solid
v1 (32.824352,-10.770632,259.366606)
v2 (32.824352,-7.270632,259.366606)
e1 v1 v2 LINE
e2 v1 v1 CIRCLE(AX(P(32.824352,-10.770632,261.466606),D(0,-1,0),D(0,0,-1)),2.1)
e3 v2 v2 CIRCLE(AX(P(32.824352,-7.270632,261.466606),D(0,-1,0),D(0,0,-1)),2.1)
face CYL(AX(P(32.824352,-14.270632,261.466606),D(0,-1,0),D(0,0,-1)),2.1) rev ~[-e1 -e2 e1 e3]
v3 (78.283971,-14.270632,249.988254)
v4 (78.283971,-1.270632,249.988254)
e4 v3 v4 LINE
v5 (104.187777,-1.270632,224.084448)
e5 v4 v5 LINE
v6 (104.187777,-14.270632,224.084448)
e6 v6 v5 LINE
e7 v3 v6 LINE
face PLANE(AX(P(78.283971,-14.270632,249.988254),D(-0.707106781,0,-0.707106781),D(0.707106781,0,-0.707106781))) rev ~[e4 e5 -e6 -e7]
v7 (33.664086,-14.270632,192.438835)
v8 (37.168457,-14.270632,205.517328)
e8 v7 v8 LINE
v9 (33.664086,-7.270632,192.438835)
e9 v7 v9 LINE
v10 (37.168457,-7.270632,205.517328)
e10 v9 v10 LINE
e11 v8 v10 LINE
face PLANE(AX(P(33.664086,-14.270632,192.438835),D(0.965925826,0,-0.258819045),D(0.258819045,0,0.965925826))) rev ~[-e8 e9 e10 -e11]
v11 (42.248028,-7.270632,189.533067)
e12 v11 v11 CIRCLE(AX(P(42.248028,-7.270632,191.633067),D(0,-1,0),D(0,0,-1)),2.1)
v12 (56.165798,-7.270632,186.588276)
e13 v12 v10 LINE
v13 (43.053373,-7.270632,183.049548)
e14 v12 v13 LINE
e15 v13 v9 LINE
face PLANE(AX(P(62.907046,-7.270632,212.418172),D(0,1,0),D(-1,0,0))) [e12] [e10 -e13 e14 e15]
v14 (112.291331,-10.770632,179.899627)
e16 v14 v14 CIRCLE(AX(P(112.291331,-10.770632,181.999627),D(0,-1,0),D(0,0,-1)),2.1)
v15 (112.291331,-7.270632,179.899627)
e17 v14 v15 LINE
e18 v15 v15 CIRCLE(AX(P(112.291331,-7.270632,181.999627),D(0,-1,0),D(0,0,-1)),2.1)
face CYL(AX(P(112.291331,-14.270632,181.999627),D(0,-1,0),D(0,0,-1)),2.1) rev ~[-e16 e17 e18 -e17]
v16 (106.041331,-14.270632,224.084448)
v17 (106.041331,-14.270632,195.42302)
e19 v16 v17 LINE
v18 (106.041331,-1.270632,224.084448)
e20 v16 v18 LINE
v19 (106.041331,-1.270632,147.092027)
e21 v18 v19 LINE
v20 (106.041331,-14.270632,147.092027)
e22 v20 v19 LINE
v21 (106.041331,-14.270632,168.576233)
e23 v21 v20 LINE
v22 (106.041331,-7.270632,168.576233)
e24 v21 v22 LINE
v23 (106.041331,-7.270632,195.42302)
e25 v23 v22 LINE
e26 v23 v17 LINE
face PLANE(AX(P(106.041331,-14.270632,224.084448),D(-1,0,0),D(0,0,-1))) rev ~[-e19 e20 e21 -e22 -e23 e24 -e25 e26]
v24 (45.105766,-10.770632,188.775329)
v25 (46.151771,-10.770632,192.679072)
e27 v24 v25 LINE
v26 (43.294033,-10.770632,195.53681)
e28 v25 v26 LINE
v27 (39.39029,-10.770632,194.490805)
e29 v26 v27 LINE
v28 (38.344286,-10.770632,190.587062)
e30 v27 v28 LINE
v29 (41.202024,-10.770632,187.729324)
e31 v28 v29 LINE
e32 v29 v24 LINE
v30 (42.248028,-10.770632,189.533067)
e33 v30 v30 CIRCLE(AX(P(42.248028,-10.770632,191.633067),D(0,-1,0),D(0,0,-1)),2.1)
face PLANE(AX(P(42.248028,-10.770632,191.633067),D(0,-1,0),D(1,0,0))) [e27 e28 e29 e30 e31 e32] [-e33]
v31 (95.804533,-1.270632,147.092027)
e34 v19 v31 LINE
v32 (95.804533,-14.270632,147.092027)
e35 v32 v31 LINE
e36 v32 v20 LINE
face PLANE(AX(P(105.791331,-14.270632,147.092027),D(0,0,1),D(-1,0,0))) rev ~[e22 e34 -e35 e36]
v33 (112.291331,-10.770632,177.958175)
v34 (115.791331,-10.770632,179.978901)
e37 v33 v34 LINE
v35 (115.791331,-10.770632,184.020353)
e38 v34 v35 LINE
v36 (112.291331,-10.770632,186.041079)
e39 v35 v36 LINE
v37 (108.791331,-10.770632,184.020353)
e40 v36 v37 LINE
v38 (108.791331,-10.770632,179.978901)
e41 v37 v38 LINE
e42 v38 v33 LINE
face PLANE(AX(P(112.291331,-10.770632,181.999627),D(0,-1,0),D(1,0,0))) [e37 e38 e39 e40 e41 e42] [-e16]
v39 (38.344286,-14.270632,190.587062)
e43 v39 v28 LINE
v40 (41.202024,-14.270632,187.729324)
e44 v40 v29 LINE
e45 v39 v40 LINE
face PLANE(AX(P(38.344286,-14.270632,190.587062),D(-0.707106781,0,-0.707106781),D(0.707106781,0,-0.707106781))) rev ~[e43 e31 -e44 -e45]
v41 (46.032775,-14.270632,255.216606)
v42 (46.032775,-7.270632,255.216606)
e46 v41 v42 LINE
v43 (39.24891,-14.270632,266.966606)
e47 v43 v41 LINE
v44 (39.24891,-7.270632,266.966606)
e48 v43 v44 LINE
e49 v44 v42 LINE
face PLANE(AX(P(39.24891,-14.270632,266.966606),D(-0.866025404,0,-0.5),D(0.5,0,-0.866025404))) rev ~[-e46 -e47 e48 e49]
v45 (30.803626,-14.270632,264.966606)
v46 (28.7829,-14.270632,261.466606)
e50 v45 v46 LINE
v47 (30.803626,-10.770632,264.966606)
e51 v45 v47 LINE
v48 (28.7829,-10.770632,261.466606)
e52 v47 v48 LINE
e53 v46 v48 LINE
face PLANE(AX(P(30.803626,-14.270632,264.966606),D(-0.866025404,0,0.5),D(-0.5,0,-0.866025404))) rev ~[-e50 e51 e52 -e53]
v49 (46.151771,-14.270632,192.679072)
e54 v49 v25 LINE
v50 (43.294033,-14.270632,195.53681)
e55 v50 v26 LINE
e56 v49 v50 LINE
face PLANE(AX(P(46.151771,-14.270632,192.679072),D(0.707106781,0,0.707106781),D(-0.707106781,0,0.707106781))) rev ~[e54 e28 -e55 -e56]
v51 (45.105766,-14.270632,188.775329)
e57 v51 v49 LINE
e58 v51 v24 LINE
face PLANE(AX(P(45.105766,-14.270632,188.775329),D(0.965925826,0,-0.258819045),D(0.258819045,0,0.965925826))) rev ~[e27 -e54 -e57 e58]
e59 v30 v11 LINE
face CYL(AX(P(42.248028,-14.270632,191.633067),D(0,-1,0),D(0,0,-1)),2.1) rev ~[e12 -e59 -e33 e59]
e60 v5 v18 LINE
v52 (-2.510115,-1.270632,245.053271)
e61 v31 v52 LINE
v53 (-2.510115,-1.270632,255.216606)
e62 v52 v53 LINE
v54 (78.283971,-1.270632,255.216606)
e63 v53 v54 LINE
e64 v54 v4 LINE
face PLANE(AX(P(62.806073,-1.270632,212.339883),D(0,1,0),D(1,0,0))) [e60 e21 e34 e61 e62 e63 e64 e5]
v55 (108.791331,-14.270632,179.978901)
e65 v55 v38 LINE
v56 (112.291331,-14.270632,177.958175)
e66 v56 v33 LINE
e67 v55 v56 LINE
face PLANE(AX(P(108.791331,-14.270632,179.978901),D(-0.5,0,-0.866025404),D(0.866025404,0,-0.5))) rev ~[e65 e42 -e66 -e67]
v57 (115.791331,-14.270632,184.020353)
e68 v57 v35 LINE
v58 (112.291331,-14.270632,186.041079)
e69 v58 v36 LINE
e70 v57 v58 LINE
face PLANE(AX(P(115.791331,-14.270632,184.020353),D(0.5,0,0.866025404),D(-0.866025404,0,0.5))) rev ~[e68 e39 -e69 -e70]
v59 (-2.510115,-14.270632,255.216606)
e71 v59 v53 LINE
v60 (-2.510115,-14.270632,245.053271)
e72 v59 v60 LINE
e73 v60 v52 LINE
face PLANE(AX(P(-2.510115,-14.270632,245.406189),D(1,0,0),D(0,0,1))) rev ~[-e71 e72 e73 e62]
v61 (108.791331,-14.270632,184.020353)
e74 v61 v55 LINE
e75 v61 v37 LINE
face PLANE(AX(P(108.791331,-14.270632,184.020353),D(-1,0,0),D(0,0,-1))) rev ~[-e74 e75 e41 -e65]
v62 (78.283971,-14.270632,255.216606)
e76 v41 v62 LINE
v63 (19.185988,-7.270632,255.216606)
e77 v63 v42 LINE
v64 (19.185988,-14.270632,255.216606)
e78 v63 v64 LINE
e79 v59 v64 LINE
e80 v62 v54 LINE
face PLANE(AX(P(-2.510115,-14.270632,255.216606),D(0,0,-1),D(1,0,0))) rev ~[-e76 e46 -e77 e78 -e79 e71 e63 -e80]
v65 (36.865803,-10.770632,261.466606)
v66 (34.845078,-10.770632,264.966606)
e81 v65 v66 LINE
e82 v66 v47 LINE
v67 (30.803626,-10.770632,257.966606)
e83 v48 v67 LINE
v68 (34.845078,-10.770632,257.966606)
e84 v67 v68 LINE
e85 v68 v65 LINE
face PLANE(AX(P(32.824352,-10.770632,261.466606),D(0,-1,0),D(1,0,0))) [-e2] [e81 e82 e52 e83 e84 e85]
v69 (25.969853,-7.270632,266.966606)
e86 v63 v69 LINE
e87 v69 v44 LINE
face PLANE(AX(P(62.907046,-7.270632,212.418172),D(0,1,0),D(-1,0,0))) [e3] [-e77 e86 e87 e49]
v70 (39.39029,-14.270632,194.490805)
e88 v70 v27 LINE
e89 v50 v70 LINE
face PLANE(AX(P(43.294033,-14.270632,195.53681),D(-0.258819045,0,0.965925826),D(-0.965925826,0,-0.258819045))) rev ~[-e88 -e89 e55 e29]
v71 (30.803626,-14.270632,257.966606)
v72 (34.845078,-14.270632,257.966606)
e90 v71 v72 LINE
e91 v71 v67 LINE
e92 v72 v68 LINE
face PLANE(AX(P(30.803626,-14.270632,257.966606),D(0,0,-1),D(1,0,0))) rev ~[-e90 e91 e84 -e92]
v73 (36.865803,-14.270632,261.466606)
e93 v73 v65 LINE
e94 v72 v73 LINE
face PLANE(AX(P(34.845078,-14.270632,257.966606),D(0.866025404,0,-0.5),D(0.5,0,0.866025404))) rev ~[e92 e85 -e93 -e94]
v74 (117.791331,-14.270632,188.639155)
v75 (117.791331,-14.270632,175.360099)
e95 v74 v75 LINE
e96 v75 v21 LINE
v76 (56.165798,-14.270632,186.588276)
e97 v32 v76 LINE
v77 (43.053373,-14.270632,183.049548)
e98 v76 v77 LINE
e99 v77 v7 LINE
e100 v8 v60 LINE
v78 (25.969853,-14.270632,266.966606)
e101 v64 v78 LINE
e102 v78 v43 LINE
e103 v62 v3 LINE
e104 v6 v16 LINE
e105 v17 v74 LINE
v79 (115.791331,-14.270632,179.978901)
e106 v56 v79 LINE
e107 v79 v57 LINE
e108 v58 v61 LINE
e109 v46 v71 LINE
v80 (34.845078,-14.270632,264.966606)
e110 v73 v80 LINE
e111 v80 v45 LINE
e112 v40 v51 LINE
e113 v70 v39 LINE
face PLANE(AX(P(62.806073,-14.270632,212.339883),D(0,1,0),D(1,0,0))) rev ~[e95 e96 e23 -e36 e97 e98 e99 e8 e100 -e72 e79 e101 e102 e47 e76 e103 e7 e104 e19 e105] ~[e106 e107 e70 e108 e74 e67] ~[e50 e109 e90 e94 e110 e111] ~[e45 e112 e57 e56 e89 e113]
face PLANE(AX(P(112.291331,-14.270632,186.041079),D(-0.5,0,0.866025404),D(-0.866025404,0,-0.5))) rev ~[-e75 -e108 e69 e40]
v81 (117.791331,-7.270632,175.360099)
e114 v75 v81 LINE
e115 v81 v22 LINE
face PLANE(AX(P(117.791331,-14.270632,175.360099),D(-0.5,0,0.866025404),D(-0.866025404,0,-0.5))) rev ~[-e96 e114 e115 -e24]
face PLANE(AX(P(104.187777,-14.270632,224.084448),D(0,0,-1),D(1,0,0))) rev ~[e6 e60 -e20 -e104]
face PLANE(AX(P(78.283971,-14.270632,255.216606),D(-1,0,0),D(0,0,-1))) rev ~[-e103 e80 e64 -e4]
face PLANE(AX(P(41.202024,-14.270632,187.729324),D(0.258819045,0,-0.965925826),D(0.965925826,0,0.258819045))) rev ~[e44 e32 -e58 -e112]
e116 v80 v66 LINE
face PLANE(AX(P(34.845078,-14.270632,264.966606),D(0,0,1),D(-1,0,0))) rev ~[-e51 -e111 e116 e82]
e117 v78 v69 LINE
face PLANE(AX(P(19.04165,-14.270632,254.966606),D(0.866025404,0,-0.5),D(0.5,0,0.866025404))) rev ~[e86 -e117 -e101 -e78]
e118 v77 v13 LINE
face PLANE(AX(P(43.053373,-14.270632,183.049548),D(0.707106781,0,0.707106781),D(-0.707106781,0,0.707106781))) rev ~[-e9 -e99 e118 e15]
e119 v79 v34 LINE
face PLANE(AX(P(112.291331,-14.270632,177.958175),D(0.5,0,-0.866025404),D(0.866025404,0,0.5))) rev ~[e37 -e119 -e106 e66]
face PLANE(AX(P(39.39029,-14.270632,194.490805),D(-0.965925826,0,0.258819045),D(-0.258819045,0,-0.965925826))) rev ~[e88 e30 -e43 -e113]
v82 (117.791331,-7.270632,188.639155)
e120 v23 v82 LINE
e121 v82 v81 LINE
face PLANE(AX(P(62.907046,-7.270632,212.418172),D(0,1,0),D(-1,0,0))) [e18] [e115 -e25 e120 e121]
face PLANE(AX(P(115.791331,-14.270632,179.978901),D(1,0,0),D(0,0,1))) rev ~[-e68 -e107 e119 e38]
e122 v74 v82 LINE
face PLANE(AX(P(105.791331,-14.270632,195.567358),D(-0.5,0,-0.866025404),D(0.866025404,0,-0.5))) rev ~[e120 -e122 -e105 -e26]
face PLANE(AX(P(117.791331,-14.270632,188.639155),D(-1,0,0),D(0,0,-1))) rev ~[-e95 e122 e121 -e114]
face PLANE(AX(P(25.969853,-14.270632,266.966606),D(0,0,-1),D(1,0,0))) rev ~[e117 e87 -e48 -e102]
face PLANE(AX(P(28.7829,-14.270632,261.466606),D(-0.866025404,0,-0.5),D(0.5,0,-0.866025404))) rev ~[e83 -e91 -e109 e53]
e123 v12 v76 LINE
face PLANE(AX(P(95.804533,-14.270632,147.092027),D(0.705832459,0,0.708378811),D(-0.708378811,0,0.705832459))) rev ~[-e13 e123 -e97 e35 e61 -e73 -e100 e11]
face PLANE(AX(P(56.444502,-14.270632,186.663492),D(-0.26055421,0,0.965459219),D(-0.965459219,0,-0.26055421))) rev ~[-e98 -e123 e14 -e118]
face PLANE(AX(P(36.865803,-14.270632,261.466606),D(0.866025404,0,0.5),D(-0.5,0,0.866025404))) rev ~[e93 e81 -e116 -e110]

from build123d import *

# Parameters (mm, degrees)
BOSS_EXTRUDE1_DEPTH = 13
BOSS_EXTRUDE2_DEPTH = 7
SKETCH3_R           = 2.1
CUT_EXTRUDE1_DEPTH  = 293.087257838
CUT_EXTRUDE2_DEPTH  = 3.5


with BuildPart() as part:
    # Sketch1 → Boss-Extrude1 (new body)
    with BuildSketch(Plane(origin=(0, -14.270631866, 0), x_dir=(-1, 0, 0), z_dir=(0, -1, 0))):
        Polygon((-95.804533303, -147.092026732), (2.510114699, -245.053270909), (2.510114699, -255.216605782), (-78.283971389, -255.216605782), (-78.283971389, -249.988254121), (-104.187777311, -224.084448198), (-106.041330702, -224.084448198), (-106.041330702, -147.092026732), align=None)
    extrude(amount=-BOSS_EXTRUDE1_DEPTH)

    # Sketch2 → Boss-Extrude2 (add)
    with BuildSketch(Plane.XZ.offset(14.270631866)):
        Polygon((37.243094616, 205.795877803), (-2.510114699, 245.406189427), (-2.510114699, 254.966605782), (19.041650219, 254.966605782), (25.96985345, 266.966605782), (39.248909641, 266.966605782), (46.177112871, 254.966605782), (78.033971389, 254.966605782), (78.033971389, 249.88470073), (104.084223921, 223.834448198), (105.791330702, 223.834448198), (105.791330702, 195.567357996), (117.791330702, 188.639154765), (117.791330702, 175.360098574), (105.791330702, 168.431895344), (105.791330702, 147.092026732), (96.158725005, 147.092026732), (56.444502381, 186.663491807), (43.053372765, 183.04954817), (33.664085816, 192.438835119), align=None)
    extrude(amount=-BOSS_EXTRUDE2_DEPTH)

    # Sketch3 → Cut-Extrude1 (cut, through all)
    with BuildSketch(Plane.XZ.offset(14.270631866)):
        with Locations(Location((42.248028453, 191.633067075, 0), (0, 0, 270))):
            Circle(SKETCH3_R)
        with Locations(Location((32.824351589, 261.466605782, 0), (0, 0, 270))):
            Circle(SKETCH3_R)
        with Locations(Location((112.291330702, 181.99962667, 0), (0, 0, 270))):
            Circle(SKETCH3_R)
    extrude(amount=-CUT_EXTRUDE1_DEPTH, mode=Mode.SUBTRACT)

    # Sketch4 → Cut-Extrude2 (cut)
    with BuildSketch(Plane.XZ.offset(14.270631866)):
        Polygon((36.865803473, 261.466605782), (34.845077531, 264.966605782), (30.803625647, 264.966605782), (28.782899705, 261.466605782), (30.803625647, 257.966605782), (34.845077531, 257.966605782), align=None)
        Polygon((46.151771204, 192.679071793), (43.29403317, 195.536809826), (39.39029042, 194.490805109), (38.344285702, 190.587062358), (41.202023735, 187.729324324), (45.105766486, 188.775329042), align=None)
        Polygon((108.791330702, 184.020352612), (108.791330702, 179.978900727), (112.291330702, 177.958174785), (115.791330702, 179.978900727), (115.791330702, 184.020352612), (112.291330702, 186.041078554), align=None)
    extrude(amount=-CUT_EXTRUDE2_DEPTH, mode=Mode.SUBTRACT)


solid = part.part
